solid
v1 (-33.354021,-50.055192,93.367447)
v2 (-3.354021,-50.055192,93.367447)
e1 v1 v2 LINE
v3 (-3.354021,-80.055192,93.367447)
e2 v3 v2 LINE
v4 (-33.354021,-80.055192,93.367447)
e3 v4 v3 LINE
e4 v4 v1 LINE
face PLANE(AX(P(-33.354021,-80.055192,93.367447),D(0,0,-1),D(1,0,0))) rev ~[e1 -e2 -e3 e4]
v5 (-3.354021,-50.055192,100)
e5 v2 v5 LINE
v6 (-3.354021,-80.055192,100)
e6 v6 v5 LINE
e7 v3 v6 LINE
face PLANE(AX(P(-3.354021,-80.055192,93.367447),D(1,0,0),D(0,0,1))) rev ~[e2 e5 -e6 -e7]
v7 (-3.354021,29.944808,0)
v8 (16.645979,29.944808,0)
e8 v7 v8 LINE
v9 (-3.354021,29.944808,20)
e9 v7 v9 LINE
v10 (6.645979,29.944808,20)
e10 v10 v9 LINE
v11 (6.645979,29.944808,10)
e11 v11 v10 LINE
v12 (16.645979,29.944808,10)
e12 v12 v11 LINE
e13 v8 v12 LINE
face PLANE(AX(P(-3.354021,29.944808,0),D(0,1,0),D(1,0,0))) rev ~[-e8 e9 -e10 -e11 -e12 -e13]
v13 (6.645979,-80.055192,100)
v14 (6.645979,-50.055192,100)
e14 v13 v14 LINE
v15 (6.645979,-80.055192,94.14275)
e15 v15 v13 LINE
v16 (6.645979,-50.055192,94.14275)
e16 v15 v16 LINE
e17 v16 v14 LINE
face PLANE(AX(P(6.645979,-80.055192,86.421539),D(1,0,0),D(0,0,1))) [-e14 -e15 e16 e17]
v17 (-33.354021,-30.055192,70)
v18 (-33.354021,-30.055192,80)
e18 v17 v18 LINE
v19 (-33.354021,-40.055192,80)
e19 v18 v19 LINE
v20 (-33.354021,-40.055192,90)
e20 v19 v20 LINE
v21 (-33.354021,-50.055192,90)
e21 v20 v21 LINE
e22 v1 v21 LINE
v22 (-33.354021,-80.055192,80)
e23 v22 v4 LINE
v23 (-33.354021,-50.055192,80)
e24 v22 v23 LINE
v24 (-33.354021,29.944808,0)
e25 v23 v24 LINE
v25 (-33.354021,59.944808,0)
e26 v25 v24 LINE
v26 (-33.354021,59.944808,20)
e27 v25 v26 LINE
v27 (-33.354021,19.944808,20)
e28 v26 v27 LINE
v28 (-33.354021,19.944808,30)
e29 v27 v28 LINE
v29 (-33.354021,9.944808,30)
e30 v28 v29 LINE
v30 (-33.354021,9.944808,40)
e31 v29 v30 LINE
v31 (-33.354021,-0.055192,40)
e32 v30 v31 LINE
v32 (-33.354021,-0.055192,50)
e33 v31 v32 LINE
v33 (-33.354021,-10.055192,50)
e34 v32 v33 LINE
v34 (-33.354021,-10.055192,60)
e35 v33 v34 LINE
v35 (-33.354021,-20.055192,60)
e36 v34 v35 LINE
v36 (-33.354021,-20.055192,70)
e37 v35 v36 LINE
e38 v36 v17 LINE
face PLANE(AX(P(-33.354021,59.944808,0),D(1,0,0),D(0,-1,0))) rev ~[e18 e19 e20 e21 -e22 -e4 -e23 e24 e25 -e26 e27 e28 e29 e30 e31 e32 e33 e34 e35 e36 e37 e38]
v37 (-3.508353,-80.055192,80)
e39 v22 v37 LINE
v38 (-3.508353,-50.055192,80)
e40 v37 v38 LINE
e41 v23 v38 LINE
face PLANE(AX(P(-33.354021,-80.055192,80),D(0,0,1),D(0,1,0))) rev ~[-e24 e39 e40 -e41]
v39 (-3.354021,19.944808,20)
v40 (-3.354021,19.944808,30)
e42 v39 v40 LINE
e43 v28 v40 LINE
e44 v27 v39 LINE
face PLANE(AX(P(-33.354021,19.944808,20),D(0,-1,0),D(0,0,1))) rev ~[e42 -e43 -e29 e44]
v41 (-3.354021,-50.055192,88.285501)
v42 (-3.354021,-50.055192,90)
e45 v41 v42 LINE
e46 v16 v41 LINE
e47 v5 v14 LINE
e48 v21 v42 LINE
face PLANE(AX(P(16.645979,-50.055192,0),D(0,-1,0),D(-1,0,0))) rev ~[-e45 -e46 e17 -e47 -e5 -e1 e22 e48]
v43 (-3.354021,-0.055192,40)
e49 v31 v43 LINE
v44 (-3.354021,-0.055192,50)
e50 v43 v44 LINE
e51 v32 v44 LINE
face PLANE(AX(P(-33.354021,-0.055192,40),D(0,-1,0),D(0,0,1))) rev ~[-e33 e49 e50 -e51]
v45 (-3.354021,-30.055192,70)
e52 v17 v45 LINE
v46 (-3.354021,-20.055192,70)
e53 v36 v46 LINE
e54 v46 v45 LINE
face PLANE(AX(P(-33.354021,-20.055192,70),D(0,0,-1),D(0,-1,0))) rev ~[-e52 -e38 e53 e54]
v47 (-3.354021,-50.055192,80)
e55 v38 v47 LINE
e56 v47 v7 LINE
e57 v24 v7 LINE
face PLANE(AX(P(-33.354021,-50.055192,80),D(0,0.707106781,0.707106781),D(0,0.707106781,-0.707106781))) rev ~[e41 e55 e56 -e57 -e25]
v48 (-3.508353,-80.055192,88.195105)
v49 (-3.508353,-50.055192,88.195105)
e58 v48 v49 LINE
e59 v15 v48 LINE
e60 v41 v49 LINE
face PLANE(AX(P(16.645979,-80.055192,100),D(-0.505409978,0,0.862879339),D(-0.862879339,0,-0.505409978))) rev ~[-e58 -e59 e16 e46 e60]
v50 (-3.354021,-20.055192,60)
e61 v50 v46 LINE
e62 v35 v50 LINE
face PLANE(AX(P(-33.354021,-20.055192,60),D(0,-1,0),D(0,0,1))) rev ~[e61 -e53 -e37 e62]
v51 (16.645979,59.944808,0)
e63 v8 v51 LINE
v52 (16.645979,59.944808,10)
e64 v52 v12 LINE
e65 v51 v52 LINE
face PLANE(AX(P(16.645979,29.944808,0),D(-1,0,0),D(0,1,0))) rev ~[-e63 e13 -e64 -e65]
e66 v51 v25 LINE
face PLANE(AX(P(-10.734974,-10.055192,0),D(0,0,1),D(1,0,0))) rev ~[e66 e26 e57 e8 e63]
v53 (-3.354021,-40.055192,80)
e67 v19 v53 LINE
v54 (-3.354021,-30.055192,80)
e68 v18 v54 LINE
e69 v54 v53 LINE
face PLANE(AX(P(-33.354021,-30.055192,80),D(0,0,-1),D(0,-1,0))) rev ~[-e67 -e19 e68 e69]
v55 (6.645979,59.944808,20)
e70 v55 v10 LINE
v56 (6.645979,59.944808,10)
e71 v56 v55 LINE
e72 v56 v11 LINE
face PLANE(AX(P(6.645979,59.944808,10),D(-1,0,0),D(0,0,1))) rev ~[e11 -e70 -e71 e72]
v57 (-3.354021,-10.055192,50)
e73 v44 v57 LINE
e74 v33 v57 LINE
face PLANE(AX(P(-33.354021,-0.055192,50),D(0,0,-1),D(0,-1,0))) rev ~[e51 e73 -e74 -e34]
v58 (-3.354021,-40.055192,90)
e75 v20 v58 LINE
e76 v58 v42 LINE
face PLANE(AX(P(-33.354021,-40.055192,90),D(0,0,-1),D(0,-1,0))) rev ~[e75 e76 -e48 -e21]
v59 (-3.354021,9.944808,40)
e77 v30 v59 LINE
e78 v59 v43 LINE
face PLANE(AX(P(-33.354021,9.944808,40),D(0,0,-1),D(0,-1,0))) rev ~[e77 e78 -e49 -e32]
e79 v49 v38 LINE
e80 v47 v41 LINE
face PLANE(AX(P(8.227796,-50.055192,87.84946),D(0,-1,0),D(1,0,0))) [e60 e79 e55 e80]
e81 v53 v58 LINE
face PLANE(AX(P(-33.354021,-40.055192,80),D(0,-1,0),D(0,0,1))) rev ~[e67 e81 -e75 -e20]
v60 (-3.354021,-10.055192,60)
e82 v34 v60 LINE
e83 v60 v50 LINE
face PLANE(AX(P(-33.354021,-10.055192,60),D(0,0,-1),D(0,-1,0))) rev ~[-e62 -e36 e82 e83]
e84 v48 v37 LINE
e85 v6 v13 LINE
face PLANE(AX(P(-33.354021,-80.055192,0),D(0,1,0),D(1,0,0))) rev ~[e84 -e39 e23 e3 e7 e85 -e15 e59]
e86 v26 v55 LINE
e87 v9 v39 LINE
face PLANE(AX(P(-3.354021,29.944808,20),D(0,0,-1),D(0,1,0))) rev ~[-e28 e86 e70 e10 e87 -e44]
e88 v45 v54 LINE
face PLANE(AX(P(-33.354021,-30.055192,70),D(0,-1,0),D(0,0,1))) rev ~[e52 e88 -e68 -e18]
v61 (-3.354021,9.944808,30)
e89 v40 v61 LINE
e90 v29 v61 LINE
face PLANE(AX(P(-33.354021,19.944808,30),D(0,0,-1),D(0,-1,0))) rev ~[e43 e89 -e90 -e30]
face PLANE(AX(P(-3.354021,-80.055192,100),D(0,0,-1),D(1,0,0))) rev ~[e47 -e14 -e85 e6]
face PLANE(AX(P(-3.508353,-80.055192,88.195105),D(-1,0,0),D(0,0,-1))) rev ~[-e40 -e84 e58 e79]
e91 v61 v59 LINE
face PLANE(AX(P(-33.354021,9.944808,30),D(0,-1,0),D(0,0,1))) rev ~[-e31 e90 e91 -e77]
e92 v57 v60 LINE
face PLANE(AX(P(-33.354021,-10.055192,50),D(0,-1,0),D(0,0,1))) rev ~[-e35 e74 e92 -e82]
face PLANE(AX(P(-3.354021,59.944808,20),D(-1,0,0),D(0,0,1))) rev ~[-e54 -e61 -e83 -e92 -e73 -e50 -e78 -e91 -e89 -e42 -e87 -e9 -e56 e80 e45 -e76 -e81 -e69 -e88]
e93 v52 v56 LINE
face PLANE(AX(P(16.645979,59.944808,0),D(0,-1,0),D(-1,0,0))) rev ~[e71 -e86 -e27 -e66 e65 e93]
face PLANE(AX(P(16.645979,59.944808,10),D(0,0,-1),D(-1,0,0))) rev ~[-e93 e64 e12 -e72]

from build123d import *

# Parameters (mm, degrees)
F1_DEPTH  = 120
F2_W      = 10
F2_H      = 10
F3_DEPTH  = 30
F5_DEPTH  = 30
F6_W      = 30
F6_H      = 100
F7_DEPTH  = 30
F9_DEPTH  = 60
F10_W     = 10
F10_H     = 10
F11_DEPTH = 30
F12_W     = 10
F12_H     = 10
F13_DEPTH = 30
F15_DEPTH = 30
F16_W     = 10
F16_H     = 23.5784614086
F17_DEPTH = 30


with BuildPart() as f1:
    # F0 (on Top) → F1 (new body)
    with BuildSketch(Plane.XY):
        Polygon((16.6459785789, 59.9448081851), (-33.3540214211, 59.9448081851), (-33.3540214211, 29.9448081851), (-33.3540214211, -50.0551918149), (-33.3540214211, -80.0551918149), (16.6459785789, -80.0551918149), (16.6459785789, -50.0551918149), (-3.3540214211, -50.0551918149), (-3.3540214211, 29.9448081851), (16.6459785789, 29.9448081851), align=None)
    extrude(amount=F1_DEPTH)

    # F2 (on face) → F3 (cut)
    with BuildSketch(Plane(origin=(0, 59.9448081851, 0), x_dir=(-1, 0, 0), z_dir=(0, 1, 0))):
        with Locations((-11.6459785789, 15)):
            Rectangle(F2_W, F2_H)
        with Locations((-1.6459785789, 25)):
            Rectangle(F2_W, F2_H)
        Polygon((-16.6459785789, 120), (-16.6459785789, 20), (-6.6459785789, 20), (-6.6459785789, 30), (3.3540214211, 30), (3.3540214211, 120), align=None)
    extrude(amount=-F3_DEPTH, mode=Mode.SUBTRACT)

    # F4 (on face) → F5 (cut)
    with BuildSketch(Plane.YZ.offset(-3.3540214211)):
        Polygon((-50.0551918149, 100), (29.9448081851, 20), (29.9448081851, 120), (-50.0551918149, 120), align=None)
    extrude(amount=-F5_DEPTH, mode=Mode.SUBTRACT)

    # F6 (on face) → F7 (cut)
    with BuildSketch(Plane.YZ.offset(-3.3540214211)):
        with Locations((44.9448081851, 70)):
            Rectangle(F6_W, F6_H)
    extrude(amount=-F7_DEPTH, mode=Mode.SUBTRACT)

    # F8 (on face) → F9 (cut)
    with BuildSketch(Plane(origin=(-33.3540214211, 0, 0), x_dir=(0, -1, 0), z_dir=(-1, 0, 0))):
        Polygon((50.0551918149, 80), (-29.9448081851, 0), (80.0551918149, 0), (80.0551918149, 80), align=None)
    extrude(amount=-F9_DEPTH, mode=Mode.SUBTRACT)

    # F10 (on face) → F11 (cut)
    with BuildSketch(Plane(origin=(-33.3540214211, 0, 0), x_dir=(0, -1, 0), z_dir=(-1, 0, 0))):
        with Locations((-24.9448081851, 25)):
            Rectangle(F10_W, F10_H)
        with Locations((45.0551918149, 95)):
            Rectangle(F10_W, F10_H)
        with Locations((35.0551918149, 85)):
            Rectangle(F10_W, F10_H)
        with Locations((25.0551918149, 75)):
            Rectangle(F10_W, F10_H)
        with Locations((15.0551918149, 65)):
            Rectangle(F10_W, F10_H)
        with Locations((5.0551918149, 55)):
            Rectangle(F10_W, F10_H)
        with Locations((-4.9448081851, 45)):
            Rectangle(F10_W, F10_H)
        with Locations((-14.9448081851, 35)):
            Rectangle(F10_W, F10_H)
    extrude(amount=-F11_DEPTH, mode=Mode.SUBTRACT)

    # F12 (on face) → F13 (cut)
    with BuildSketch(Plane.XZ.offset(80.0551918149)):
        with Locations((11.6459785789, 115)):
            Rectangle(F12_W, F12_H)
        with Locations((1.6459785789, 105)):
            Rectangle(F12_W, F12_H)
        Polygon((16.6459785789, 80), (16.6459785789, 100), (-3.5083531402, 88.195104599), (-3.5083531402, 80), align=None)
        with Locations((1.6459785789, 115)):
            Rectangle(F12_W, F12_H)
    extrude(amount=-F13_DEPTH, mode=Mode.SUBTRACT)

    # F14 (on face) → F15 (cut)
    with BuildSketch(Plane.XZ.offset(80.0551918149)):
        Polygon((-3.3540214211, 120), (-3.5083531402, 120), (-33.3540214211, 120), (-33.3540214211, 93.3674471554), (-3.3540214211, 93.3674471554), (-3.3540214211, 100), align=None)
    extrude(amount=-F15_DEPTH, mode=Mode.SUBTRACT)

    # F16 (on face) → F17 (cut)
    with BuildSketch(Plane.XZ.offset(80.0551918149)):
        with Locations((11.6459785789, 98.2107692957)):
            Rectangle(F16_W, F16_H)
    extrude(amount=-F17_DEPTH, mode=Mode.SUBTRACT)


solid = f1.part
